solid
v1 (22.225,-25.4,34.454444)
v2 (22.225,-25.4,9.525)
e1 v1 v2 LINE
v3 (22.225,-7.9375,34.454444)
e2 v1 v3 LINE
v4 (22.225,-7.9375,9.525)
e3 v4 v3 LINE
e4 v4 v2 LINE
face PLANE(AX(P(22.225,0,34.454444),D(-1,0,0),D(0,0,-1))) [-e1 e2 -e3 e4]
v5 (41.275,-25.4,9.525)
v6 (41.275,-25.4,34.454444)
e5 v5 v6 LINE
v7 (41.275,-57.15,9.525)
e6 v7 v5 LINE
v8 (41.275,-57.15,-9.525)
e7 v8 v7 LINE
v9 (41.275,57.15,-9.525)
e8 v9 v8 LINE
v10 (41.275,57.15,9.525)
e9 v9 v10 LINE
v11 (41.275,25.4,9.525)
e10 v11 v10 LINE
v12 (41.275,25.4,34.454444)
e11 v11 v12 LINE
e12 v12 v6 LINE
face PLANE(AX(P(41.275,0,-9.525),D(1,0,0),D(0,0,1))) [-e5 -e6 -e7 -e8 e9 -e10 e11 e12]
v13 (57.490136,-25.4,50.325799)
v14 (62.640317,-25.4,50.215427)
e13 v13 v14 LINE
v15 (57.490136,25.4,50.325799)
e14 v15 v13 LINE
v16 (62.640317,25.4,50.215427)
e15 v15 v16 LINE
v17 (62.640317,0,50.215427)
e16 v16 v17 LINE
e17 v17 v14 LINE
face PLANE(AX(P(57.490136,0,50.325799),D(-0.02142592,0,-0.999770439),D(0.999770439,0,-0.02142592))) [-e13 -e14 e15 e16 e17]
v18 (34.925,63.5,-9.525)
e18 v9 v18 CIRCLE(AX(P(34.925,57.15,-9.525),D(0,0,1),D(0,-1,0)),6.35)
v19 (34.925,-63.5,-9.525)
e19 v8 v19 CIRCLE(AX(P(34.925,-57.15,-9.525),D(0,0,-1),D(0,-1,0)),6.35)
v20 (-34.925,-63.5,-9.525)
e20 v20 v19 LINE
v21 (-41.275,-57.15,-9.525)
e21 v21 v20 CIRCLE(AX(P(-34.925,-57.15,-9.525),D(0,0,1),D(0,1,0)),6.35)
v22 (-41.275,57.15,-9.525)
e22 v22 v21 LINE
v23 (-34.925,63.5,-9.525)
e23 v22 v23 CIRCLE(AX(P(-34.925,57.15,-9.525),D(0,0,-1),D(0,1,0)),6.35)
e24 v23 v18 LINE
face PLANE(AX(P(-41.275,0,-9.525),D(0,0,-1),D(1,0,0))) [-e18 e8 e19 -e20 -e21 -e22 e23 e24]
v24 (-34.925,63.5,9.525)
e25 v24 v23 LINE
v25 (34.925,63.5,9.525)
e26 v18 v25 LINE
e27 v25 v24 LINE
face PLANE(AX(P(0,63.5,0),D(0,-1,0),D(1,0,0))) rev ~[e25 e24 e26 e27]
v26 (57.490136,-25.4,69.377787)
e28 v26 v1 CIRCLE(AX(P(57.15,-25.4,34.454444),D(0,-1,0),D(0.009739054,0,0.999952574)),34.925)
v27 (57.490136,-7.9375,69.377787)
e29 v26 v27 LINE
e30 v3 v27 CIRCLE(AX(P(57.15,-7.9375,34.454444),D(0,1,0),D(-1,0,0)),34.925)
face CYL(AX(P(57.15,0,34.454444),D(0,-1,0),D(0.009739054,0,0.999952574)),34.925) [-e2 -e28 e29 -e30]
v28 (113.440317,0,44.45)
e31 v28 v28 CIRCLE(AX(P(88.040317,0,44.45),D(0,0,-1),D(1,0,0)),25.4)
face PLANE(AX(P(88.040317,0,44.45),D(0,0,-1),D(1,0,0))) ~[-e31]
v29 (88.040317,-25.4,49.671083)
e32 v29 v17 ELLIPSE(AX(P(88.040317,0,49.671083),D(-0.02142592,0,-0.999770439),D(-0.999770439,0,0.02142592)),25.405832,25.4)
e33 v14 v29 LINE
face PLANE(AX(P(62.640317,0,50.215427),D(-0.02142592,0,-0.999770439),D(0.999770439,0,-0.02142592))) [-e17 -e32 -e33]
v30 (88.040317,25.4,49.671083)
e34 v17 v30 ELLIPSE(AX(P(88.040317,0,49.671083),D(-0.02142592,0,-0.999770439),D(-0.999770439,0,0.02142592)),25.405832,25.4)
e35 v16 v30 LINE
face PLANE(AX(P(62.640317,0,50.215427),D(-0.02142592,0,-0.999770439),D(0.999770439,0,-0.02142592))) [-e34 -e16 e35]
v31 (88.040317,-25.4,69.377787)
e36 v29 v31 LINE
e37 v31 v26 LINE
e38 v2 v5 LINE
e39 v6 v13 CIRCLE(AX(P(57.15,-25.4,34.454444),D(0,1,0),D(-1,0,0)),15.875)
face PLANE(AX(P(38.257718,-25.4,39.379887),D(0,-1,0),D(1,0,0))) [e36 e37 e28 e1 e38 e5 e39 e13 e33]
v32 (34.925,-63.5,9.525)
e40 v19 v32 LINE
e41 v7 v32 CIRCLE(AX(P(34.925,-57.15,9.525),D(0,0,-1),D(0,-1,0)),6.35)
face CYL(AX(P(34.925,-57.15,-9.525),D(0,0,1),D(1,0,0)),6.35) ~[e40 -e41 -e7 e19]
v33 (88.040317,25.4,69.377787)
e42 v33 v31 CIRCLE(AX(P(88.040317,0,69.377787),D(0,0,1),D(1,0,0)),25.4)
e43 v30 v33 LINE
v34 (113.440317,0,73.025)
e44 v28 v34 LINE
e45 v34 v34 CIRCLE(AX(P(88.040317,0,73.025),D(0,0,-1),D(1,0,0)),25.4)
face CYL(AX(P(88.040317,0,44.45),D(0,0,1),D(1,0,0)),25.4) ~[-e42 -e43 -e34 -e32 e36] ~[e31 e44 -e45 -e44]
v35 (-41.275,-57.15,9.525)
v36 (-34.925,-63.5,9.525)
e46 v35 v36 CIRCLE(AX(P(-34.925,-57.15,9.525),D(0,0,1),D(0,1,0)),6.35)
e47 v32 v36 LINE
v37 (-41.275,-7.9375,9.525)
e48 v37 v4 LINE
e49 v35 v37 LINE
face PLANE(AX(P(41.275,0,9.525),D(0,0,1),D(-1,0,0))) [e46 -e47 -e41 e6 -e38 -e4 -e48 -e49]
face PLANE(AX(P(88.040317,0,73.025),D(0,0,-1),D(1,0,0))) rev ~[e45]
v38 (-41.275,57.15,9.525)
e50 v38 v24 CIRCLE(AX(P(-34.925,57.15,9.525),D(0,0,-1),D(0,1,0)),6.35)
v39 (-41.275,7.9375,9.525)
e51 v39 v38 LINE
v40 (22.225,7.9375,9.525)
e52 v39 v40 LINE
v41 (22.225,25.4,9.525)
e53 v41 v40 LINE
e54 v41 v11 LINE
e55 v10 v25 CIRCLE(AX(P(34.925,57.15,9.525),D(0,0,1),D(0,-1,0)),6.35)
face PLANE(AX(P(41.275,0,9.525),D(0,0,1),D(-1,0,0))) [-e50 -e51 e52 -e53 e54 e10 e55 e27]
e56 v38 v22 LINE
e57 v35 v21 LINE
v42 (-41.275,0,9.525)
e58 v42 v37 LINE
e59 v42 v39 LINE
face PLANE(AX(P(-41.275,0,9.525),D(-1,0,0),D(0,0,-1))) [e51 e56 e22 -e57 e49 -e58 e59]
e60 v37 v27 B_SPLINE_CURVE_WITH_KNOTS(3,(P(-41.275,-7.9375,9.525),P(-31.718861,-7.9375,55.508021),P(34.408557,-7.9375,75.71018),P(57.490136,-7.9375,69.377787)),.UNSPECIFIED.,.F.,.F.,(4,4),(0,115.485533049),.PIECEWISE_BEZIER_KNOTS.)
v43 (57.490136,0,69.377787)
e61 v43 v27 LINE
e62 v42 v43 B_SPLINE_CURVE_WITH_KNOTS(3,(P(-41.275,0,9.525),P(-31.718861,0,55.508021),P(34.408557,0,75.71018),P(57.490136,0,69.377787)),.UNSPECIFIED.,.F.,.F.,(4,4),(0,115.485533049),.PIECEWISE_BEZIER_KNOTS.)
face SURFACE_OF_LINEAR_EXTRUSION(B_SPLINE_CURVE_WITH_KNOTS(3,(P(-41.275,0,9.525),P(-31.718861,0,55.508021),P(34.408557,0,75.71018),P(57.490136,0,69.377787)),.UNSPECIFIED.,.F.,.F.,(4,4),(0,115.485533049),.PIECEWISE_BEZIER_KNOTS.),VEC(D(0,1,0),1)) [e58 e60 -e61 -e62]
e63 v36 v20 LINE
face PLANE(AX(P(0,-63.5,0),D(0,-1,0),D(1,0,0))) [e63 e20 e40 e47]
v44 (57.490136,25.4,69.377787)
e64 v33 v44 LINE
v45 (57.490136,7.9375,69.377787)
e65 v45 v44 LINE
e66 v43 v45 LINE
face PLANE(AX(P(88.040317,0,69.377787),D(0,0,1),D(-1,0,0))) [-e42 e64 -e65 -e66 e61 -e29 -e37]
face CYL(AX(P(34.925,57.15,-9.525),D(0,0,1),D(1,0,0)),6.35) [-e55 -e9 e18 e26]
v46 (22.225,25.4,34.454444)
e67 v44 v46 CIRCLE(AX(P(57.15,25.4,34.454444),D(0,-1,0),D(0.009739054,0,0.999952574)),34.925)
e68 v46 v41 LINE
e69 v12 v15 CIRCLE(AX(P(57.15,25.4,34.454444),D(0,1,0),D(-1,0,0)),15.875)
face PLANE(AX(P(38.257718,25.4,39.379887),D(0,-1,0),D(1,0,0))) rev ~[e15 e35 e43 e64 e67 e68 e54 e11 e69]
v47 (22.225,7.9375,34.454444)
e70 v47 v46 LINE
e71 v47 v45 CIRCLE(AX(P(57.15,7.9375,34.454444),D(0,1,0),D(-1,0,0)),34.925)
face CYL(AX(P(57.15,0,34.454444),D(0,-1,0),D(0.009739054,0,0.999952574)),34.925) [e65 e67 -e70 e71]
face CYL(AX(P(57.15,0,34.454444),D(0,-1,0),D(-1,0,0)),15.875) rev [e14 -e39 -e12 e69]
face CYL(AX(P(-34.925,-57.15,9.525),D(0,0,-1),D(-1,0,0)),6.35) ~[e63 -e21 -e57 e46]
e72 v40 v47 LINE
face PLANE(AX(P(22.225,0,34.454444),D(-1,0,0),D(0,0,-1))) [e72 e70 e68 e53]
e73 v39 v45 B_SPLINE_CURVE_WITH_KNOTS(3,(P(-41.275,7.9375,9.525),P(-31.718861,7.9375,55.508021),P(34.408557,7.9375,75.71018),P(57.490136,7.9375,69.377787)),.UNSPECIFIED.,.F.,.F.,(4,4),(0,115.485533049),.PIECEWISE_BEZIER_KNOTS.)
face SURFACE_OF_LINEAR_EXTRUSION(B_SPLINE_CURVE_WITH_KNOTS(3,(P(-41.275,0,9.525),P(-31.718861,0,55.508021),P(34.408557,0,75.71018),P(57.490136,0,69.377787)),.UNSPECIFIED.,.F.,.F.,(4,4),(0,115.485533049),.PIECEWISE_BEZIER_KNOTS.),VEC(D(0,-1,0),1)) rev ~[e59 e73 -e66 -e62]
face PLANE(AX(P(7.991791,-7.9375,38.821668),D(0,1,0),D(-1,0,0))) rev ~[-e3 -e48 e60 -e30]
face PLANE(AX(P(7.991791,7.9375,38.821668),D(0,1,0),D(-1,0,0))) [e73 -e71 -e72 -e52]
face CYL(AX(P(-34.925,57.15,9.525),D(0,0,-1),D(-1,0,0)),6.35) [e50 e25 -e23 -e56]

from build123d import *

# Parameters (mm, degrees)
F1_DEPTH = 63.5
F2_DEPTH = 25.4
F3_DEPTH = 7.9375
F5_R     = 6.35


with BuildPart() as f1:
    # F0 (on Front) → F1 (new body, symmetric)
    with BuildSketch(Plane.XZ):
        Polygon((22.225, 9.525), (-41.275, 9.525), (-41.275, -9.525), (41.275, -9.525), (41.275, 9.525), align=None)
    extrude(amount=F1_DEPTH, both=True)

    # F0 (on Front) → F2 (join, symmetric)
    with BuildSketch(Plane.XZ):
        with BuildLine():
            Line((22.225, 34.4544437543), (22.225, 9.525))
            Line((22.225, 9.525), (41.275, 9.525))
            Line((41.275, 9.525), (41.275, 34.4544437543))
            ThreePointArc((41.275, 34.4544437543), (46.045587398, 45.7993829681), (57.4901364744, 50.3257994676))
            Line((57.4901364744, 50.3257994676), (57.4901364744, 69.3777874112))
            ThreePointArc((57.4901364744, 69.3777874112), (32.5748463013, 59.2701131123), (22.225, 34.4544437543))
        make_face()
        Polygon((88.0403167844, 69.3777874112), (62.6403167844, 69.3777874112), (62.6403167844, 50.2154267808), (88.0403167844, 49.6710834616), align=None)
        Polygon((62.6403167844, 69.3777874112), (57.4901364744, 69.3777874112), (57.4901364744, 50.3257994676), (62.6403167844, 50.2154267808), align=None)
    extrude(amount=F2_DEPTH, both=True)

    # F0 (on Front) → F3 (join, symmetric)
    with BuildSketch(Plane.XZ):
        with BuildLine():
            add(Edge.make_bspline(
                [(-41.275, 9.525), (-31.7188613117, 55.5080212653), (34.4085570037, 75.710179948), (57.4901364744, 69.3777874112)],
                knots=[0, 0, 0, 0, 115.4855330494, 115.4855330494, 115.4855330494, 115.4855330494], degree=3))
            Line((-41.275, 9.525), (22.225, 9.525))
            Line((22.225, 9.525), (22.225, 34.4544437543))
            ThreePointArc((22.225, 34.4544437543), (32.5748463013, 59.2701131123), (57.4901364744, 69.3777874112))
        make_face()
    extrude(amount=F3_DEPTH, both=True)

    # F0 (on Front) → F4 (revolve)
    with BuildSketch(Plane.XZ):
        Polygon((88.0403167844, 73.025), (88.0403167844, 69.3777874112), (88.0403167844, 49.6710834616), (88.0403167844, 44.45), (113.4403167844, 44.45), (113.4403167844, 73.025), align=None)
    revolve(axis=Axis((88.0403167844, 0, 58.7375), (0, 0, -1)))

    # F5
    f5_edges = [f1.edges().sort_by_distance(p)[0] for p in [
        (41.275, -63.5, 0),
        (-41.275, -63.5, 0),
        (-41.275, 63.5, 0),
        (41.275, 63.5, 0),
    ]]
    fillet(f5_edges, radius=F5_R)


solid = f1.part
